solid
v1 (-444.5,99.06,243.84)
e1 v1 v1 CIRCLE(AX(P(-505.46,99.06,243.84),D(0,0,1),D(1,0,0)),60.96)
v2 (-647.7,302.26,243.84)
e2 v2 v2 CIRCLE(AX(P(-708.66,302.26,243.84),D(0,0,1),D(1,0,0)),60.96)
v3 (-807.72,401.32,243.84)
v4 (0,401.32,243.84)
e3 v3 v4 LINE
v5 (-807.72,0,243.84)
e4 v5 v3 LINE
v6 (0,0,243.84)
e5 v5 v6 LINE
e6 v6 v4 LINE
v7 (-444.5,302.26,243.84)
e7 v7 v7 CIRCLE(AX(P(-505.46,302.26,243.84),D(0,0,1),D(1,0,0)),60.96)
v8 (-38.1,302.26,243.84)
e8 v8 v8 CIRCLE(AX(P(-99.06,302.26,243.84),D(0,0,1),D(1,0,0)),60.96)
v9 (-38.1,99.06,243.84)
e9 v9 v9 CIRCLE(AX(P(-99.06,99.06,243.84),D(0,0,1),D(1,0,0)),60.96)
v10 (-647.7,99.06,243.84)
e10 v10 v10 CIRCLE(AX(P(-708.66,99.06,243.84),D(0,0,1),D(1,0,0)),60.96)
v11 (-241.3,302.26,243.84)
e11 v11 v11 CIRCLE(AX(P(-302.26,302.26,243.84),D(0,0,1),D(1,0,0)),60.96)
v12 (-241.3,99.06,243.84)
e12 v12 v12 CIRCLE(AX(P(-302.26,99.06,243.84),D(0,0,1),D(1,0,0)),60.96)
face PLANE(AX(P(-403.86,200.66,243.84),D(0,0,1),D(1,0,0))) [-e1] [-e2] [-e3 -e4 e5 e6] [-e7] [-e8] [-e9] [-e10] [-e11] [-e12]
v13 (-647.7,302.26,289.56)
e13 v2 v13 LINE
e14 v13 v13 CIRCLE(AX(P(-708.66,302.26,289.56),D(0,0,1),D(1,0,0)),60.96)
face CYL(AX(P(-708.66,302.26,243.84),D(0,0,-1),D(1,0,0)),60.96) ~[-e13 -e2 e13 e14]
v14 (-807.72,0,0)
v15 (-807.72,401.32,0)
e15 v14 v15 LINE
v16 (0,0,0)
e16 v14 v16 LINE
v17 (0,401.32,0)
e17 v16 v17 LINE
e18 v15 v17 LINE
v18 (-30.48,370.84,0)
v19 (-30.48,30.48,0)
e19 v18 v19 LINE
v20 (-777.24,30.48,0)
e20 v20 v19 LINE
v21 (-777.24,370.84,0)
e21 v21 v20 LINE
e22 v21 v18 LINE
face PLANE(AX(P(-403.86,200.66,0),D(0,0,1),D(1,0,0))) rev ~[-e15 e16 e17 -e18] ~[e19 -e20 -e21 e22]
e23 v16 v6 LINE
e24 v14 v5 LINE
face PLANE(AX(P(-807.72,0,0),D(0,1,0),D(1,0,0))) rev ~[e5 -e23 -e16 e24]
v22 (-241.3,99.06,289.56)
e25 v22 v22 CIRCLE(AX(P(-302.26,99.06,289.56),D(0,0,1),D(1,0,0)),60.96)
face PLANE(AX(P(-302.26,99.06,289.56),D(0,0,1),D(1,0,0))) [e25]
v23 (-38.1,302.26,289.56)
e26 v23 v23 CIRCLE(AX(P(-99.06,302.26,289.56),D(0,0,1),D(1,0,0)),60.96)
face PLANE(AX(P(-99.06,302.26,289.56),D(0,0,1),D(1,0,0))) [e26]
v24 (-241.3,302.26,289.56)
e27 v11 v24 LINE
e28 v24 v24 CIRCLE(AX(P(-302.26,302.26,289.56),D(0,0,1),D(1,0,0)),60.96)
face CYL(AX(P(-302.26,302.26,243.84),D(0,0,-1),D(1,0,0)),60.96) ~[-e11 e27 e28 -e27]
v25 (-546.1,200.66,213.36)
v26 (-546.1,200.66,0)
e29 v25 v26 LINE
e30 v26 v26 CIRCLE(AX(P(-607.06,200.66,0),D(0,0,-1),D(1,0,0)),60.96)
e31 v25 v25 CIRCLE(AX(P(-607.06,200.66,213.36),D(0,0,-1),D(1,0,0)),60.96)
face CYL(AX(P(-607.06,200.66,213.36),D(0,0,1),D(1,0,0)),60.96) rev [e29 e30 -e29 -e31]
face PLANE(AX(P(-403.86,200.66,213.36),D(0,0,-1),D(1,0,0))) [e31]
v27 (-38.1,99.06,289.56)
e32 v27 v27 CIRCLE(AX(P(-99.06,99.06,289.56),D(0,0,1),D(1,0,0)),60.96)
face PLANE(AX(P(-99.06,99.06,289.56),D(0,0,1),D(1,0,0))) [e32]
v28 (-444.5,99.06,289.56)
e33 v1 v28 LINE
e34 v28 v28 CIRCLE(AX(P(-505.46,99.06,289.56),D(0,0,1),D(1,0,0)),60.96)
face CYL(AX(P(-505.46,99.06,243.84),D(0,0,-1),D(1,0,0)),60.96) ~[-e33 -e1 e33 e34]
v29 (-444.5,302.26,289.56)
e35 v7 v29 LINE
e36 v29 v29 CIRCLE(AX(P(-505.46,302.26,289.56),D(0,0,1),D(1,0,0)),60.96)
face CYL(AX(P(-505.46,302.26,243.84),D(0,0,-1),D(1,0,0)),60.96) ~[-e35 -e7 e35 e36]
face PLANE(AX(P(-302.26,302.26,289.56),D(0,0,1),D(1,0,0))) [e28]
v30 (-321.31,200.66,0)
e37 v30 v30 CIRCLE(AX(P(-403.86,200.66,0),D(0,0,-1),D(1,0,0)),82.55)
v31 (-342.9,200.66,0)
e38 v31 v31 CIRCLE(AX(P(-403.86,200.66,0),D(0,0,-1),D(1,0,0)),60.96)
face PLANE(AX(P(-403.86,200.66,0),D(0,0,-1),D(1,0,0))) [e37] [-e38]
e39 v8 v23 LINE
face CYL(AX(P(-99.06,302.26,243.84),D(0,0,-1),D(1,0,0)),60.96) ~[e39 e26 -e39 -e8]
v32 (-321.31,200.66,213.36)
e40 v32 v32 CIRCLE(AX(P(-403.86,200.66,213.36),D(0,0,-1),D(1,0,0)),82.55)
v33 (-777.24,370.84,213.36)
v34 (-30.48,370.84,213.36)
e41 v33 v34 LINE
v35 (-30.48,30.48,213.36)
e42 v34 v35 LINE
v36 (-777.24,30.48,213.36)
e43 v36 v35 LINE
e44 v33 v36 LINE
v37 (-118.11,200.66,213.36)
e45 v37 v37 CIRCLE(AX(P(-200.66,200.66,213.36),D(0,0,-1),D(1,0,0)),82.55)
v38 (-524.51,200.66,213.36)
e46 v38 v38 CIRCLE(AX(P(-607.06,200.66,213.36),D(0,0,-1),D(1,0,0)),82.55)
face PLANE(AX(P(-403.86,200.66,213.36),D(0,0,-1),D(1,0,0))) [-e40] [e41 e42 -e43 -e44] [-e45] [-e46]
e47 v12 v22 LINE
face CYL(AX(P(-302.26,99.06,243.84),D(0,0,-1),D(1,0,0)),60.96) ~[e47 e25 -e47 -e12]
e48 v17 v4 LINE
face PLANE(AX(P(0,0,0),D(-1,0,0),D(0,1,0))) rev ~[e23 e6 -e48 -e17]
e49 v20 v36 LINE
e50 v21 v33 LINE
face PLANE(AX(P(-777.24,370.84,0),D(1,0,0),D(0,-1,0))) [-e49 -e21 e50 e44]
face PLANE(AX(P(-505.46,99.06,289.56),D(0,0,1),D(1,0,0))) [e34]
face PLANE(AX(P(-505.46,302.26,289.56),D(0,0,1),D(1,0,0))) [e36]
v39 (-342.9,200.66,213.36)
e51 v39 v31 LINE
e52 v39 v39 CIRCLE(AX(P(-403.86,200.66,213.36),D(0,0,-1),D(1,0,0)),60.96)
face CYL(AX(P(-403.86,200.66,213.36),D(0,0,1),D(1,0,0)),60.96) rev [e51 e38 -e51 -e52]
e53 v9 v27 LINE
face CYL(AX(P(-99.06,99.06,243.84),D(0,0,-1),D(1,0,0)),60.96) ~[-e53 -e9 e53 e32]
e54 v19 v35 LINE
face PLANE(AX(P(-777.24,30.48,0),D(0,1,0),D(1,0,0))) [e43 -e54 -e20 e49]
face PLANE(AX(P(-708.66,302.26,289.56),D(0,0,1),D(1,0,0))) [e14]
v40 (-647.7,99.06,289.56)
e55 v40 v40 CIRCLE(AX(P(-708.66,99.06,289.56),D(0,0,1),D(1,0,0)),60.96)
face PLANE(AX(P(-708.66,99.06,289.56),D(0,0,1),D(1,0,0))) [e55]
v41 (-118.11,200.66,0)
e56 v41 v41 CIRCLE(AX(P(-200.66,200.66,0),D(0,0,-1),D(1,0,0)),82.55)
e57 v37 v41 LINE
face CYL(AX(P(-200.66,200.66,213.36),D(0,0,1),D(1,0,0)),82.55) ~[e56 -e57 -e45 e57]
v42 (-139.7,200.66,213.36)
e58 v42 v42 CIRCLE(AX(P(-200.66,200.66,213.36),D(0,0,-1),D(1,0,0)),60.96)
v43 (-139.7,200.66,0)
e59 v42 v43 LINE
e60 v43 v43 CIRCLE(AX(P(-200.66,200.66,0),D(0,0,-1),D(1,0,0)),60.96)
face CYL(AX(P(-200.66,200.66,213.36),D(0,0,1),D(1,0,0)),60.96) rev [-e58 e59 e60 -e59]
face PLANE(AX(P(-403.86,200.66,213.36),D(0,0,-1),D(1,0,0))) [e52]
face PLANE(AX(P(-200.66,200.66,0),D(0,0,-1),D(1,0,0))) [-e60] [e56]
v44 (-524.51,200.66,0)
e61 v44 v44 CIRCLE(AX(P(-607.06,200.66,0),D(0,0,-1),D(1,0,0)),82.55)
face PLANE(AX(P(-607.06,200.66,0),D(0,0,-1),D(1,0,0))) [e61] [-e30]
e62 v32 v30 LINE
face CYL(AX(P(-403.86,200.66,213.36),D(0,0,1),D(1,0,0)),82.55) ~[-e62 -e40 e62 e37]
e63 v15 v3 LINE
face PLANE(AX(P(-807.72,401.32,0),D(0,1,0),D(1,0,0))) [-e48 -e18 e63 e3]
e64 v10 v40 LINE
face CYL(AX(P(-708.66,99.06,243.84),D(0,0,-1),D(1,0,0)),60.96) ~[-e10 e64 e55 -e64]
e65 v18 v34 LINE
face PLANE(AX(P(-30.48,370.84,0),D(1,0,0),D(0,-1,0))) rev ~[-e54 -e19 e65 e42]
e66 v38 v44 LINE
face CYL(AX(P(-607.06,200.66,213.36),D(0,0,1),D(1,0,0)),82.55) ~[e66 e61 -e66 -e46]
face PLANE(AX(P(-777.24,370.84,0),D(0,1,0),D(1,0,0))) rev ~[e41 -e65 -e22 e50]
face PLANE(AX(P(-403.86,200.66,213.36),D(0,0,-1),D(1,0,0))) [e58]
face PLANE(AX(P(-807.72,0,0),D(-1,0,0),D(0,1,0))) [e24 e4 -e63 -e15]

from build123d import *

# Parameters (mm, degrees)
F0_W     = 807.72
F0_H     = 401.32
F1_DEPTH = 243.84
F2_R     = 60.96
F3_DEPTH = 45.72
F4_W     = 746.76
F4_H     = 340.36
F5_DEPTH = 213.36
F6_R     = 82.55
F6_R_2   = 60.96
F7_DEPTH = 213.36


with BuildPart() as f1:
    # F0 (on Top) → F1 (new body)
    with BuildSketch(Plane.XY):
        with Locations((-403.86, 200.66)):
            Rectangle(F0_W, F0_H)
    extrude(amount=F1_DEPTH)

    # F2 (on face) → F3 (join)
    with BuildSketch(Plane.XY.offset(243.84)):
        with Locations((-708.66, 302.26)):
            Circle(F2_R)
        with Locations((-505.46, 302.26)):
            Circle(F2_R)
        with Locations((-302.26, 302.26)):
            Circle(F2_R)
        with Locations((-99.06, 302.26)):
            Circle(F2_R)
        with Locations((-99.06, 99.06)):
            Circle(F2_R)
        with Locations((-302.26, 99.06)):
            Circle(F2_R)
        with Locations((-505.46, 99.06)):
            Circle(F2_R)
        with Locations((-708.66, 99.06)):
            Circle(F2_R)
    extrude(amount=F3_DEPTH)

    # F4 (on face) → F5 (cut)
    with BuildSketch(Plane(origin=(0, 0, 0), x_dir=(1, 0, 0), z_dir=(0, 0, -1))):
        with Locations((-403.86, -200.66)):
            Rectangle(F4_W, F4_H)
    extrude(amount=-F5_DEPTH, mode=Mode.SUBTRACT)

    # F6 (on face) → F7 (join)
    with BuildSketch(Plane(origin=(0, 0, 213.36), x_dir=(1, 0, 0), z_dir=(0, 0, -1))):
        with Locations((-607.06, -200.66)):
            Circle(F6_R)
        with Locations((-607.06, -200.66)):
            Circle(F6_R_2, mode=Mode.SUBTRACT)
        with Locations((-403.86, -200.66)):
            Circle(F6_R)
        with Locations((-403.86, -200.66)):
            Circle(F6_R_2, mode=Mode.SUBTRACT)
        with Locations((-200.66, -200.66)):
            Circle(F6_R)
        with Locations((-200.66, -200.66)):
            Circle(F6_R_2, mode=Mode.SUBTRACT)
    extrude(amount=F7_DEPTH)


with BuildPart() as f8_1:
    # F8: copy of F1
    add(f1.part)


with BuildPart() as f10_1:
    # F10: copy of F1
    add(f1.part)


solid = f1.part
